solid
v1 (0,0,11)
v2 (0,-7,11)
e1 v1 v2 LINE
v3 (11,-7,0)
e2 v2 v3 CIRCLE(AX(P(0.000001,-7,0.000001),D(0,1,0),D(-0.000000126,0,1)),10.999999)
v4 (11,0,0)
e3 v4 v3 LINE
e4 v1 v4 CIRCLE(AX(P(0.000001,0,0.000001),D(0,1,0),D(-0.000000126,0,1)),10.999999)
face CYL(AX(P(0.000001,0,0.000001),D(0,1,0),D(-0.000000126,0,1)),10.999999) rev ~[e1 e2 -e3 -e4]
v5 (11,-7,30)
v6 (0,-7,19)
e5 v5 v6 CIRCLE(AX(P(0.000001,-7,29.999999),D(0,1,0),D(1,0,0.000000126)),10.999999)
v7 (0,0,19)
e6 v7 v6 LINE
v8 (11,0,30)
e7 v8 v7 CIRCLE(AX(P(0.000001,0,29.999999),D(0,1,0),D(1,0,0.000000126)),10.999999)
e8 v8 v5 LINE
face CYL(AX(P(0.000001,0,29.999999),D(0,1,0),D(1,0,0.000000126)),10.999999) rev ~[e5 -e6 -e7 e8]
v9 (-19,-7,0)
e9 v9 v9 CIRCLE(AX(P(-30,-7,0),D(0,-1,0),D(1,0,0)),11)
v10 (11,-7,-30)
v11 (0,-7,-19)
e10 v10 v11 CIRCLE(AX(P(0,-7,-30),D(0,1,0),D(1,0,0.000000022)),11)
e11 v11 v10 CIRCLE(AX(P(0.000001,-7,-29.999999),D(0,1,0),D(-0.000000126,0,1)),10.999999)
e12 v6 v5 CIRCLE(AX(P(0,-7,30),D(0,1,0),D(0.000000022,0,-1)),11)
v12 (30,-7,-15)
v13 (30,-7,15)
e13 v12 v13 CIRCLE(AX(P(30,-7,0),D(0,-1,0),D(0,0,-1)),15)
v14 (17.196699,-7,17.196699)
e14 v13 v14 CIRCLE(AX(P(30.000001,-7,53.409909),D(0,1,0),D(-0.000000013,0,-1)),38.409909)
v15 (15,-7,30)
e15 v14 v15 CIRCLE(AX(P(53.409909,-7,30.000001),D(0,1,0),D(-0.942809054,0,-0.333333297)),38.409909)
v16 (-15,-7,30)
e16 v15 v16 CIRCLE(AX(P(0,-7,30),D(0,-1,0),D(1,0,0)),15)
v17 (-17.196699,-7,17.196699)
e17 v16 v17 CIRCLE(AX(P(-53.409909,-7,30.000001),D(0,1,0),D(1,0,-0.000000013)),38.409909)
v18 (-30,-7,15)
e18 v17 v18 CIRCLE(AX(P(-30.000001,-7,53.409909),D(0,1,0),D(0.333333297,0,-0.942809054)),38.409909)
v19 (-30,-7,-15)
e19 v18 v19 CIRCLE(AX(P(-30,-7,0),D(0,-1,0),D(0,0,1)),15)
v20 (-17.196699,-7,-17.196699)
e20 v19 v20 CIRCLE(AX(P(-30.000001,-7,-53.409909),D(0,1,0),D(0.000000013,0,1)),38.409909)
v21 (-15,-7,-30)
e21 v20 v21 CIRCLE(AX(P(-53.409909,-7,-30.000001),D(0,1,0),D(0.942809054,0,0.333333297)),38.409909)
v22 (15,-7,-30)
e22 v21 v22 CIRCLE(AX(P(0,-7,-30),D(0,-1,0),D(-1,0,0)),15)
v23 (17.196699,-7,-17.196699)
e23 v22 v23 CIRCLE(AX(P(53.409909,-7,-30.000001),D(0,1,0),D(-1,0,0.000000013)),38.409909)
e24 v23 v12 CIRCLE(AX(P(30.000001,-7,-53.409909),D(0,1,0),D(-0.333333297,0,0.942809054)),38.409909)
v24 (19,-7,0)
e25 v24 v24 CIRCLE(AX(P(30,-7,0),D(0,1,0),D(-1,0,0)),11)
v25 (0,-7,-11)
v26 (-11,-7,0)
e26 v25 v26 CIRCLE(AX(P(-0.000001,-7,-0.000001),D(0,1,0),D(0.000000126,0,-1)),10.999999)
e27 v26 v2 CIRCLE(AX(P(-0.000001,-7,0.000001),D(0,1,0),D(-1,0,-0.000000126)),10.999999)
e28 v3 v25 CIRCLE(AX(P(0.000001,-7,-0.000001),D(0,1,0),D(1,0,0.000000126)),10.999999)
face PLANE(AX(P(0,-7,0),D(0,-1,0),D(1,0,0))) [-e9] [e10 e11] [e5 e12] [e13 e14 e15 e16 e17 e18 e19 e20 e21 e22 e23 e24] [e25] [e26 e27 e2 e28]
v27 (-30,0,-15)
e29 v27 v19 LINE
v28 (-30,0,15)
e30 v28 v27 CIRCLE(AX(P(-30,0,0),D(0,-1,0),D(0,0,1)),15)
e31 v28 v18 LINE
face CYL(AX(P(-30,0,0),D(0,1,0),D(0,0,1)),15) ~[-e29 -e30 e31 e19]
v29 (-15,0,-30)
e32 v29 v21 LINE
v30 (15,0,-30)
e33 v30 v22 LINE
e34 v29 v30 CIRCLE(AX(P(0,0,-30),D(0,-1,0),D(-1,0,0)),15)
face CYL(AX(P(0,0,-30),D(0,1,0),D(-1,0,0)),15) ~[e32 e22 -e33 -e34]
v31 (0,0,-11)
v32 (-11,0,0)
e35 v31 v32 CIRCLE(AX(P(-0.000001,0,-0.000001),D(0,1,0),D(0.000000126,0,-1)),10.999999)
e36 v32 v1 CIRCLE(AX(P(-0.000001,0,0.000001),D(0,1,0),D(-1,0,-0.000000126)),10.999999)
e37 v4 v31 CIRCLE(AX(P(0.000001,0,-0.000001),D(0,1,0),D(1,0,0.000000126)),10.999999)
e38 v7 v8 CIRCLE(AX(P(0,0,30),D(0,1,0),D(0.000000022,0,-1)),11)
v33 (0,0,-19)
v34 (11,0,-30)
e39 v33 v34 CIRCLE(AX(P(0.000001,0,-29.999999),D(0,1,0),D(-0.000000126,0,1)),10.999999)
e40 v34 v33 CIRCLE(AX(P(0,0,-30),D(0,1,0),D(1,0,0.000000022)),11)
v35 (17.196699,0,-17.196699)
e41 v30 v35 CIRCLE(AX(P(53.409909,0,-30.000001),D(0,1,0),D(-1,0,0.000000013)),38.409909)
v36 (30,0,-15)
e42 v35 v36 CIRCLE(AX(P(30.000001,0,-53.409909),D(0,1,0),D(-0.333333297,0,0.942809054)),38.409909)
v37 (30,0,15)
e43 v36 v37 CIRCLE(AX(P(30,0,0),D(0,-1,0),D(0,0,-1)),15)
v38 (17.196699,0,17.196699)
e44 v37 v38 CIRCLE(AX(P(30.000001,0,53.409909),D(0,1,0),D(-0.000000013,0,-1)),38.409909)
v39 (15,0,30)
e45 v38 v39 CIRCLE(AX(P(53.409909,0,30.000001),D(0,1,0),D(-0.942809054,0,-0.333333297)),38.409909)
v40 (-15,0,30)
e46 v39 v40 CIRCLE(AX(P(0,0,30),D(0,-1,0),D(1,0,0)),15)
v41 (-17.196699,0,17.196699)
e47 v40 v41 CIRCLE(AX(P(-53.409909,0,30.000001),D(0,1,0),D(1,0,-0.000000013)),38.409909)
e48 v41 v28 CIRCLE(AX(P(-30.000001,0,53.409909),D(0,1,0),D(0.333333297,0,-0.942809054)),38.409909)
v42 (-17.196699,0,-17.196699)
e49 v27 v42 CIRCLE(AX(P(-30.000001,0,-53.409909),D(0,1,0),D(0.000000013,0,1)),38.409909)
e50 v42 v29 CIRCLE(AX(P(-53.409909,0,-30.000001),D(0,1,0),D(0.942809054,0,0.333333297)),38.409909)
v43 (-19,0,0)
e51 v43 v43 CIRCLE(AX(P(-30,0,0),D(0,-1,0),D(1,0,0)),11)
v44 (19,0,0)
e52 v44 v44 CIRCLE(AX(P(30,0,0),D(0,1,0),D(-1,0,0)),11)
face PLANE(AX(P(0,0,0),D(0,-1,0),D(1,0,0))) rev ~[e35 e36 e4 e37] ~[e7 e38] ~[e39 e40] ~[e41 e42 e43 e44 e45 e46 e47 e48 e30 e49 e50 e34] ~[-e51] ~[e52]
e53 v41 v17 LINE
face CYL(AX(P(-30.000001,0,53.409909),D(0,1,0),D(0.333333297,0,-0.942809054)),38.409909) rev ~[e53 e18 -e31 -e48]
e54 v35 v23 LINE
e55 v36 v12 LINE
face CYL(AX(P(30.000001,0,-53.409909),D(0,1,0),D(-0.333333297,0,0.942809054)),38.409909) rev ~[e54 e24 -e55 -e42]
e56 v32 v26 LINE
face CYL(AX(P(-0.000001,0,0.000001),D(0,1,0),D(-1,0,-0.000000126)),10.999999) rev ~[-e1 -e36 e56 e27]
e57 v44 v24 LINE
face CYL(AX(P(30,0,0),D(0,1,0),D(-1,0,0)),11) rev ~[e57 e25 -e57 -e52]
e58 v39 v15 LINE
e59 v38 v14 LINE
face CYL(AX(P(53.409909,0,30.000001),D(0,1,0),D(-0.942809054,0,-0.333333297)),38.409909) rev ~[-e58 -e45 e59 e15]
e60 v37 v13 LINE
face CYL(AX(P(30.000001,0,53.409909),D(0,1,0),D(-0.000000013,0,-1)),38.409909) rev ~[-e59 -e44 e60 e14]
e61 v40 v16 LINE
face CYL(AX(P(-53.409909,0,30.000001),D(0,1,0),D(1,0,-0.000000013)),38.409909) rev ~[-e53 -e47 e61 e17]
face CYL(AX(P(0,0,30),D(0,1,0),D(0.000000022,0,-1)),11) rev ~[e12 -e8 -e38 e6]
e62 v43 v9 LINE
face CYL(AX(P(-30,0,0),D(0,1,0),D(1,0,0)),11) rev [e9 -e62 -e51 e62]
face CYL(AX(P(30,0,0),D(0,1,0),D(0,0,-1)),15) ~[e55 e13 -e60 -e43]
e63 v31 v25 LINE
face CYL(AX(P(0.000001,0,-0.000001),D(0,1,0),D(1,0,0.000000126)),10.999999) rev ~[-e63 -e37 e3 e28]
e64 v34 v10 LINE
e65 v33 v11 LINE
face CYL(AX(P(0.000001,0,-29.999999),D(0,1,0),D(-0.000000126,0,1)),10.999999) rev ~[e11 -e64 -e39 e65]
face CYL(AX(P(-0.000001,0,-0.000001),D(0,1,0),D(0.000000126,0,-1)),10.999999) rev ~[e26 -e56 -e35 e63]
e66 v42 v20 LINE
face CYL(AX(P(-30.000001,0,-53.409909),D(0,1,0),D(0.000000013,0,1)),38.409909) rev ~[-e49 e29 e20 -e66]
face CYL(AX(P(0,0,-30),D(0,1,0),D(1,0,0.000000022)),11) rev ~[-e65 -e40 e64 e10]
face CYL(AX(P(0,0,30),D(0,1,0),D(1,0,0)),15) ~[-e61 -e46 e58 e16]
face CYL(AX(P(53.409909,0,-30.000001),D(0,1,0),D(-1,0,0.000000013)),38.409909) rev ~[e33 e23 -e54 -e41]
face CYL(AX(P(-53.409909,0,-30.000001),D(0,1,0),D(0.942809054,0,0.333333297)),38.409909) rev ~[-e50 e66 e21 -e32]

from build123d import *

# Parameters (mm, degrees)
F0_R     = 11
F1_DEPTH = 7


with BuildPart() as f1:
    # F0 (on Front) → F1 (new body)
    with BuildSketch(Plane.XZ):
        with BuildLine():
            ThreePointArc((30, -15), (45, 0), (30, 15))
            ThreePointArc((30, 15), (23.504809, 15.553158), (17.196699, 17.196699))
            ThreePointArc((17.196699, 17.196699), (15.553158, 23.504809), (15, 30))
            ThreePointArc((15, 30), (0, 45), (-15, 30))
            ThreePointArc((-15, 30), (-15.553158, 23.504809), (-17.196699, 17.196699))
            ThreePointArc((-17.196699, 17.196699), (-23.504809, 15.553158), (-30, 15))
            ThreePointArc((-30, 15), (-45, 0), (-30, -15))
            ThreePointArc((-30, -15), (-23.504809, -15.553158), (-17.196699, -17.196699))
            ThreePointArc((-17.196699, -17.196699), (-15.553158, -23.504809), (-15, -30))
            ThreePointArc((-15, -30), (0, -45), (15, -30))
            ThreePointArc((15, -30), (15.553158, -23.504809), (17.196699, -17.196699))
            ThreePointArc((17.196699, -17.196699), (23.504809, -15.553158), (30, -15))
        make_face()
        with BuildLine():
            ThreePointArc((11, -30), (-7.778175, -37.778175), (0, -19))
            ThreePointArc((0, -19), (7.778175, -22.221825), (11, -30))
        make_face(mode=Mode.SUBTRACT)
        with Locations((-30, 0)):
            Circle(F0_R, mode=Mode.SUBTRACT)
        with BuildLine():
            ThreePointArc((11, 0), (7.778175, -7.778175), (0, -11))
            ThreePointArc((0, -11), (-7.778175, -7.778175), (-11, 0))
            ThreePointArc((-11, 0), (-7.778175, 7.778175), (0, 11))
            ThreePointArc((0, 11), (7.778175, 7.778175), (11, 0))
        make_face(mode=Mode.SUBTRACT)
        with BuildLine():
            ThreePointArc((41, 0), (30, -11), (19, 0))
            ThreePointArc((19, 0), (30, 11), (41, 0))
        make_face(mode=Mode.SUBTRACT)
        with BuildLine():
            ThreePointArc((11, 30), (7.778175, 22.221825), (0, 19))
            ThreePointArc((0, 19), (-7.778175, 37.778175), (11, 30))
        make_face(mode=Mode.SUBTRACT)
    extrude(amount=F1_DEPTH)


solid = f1.part
